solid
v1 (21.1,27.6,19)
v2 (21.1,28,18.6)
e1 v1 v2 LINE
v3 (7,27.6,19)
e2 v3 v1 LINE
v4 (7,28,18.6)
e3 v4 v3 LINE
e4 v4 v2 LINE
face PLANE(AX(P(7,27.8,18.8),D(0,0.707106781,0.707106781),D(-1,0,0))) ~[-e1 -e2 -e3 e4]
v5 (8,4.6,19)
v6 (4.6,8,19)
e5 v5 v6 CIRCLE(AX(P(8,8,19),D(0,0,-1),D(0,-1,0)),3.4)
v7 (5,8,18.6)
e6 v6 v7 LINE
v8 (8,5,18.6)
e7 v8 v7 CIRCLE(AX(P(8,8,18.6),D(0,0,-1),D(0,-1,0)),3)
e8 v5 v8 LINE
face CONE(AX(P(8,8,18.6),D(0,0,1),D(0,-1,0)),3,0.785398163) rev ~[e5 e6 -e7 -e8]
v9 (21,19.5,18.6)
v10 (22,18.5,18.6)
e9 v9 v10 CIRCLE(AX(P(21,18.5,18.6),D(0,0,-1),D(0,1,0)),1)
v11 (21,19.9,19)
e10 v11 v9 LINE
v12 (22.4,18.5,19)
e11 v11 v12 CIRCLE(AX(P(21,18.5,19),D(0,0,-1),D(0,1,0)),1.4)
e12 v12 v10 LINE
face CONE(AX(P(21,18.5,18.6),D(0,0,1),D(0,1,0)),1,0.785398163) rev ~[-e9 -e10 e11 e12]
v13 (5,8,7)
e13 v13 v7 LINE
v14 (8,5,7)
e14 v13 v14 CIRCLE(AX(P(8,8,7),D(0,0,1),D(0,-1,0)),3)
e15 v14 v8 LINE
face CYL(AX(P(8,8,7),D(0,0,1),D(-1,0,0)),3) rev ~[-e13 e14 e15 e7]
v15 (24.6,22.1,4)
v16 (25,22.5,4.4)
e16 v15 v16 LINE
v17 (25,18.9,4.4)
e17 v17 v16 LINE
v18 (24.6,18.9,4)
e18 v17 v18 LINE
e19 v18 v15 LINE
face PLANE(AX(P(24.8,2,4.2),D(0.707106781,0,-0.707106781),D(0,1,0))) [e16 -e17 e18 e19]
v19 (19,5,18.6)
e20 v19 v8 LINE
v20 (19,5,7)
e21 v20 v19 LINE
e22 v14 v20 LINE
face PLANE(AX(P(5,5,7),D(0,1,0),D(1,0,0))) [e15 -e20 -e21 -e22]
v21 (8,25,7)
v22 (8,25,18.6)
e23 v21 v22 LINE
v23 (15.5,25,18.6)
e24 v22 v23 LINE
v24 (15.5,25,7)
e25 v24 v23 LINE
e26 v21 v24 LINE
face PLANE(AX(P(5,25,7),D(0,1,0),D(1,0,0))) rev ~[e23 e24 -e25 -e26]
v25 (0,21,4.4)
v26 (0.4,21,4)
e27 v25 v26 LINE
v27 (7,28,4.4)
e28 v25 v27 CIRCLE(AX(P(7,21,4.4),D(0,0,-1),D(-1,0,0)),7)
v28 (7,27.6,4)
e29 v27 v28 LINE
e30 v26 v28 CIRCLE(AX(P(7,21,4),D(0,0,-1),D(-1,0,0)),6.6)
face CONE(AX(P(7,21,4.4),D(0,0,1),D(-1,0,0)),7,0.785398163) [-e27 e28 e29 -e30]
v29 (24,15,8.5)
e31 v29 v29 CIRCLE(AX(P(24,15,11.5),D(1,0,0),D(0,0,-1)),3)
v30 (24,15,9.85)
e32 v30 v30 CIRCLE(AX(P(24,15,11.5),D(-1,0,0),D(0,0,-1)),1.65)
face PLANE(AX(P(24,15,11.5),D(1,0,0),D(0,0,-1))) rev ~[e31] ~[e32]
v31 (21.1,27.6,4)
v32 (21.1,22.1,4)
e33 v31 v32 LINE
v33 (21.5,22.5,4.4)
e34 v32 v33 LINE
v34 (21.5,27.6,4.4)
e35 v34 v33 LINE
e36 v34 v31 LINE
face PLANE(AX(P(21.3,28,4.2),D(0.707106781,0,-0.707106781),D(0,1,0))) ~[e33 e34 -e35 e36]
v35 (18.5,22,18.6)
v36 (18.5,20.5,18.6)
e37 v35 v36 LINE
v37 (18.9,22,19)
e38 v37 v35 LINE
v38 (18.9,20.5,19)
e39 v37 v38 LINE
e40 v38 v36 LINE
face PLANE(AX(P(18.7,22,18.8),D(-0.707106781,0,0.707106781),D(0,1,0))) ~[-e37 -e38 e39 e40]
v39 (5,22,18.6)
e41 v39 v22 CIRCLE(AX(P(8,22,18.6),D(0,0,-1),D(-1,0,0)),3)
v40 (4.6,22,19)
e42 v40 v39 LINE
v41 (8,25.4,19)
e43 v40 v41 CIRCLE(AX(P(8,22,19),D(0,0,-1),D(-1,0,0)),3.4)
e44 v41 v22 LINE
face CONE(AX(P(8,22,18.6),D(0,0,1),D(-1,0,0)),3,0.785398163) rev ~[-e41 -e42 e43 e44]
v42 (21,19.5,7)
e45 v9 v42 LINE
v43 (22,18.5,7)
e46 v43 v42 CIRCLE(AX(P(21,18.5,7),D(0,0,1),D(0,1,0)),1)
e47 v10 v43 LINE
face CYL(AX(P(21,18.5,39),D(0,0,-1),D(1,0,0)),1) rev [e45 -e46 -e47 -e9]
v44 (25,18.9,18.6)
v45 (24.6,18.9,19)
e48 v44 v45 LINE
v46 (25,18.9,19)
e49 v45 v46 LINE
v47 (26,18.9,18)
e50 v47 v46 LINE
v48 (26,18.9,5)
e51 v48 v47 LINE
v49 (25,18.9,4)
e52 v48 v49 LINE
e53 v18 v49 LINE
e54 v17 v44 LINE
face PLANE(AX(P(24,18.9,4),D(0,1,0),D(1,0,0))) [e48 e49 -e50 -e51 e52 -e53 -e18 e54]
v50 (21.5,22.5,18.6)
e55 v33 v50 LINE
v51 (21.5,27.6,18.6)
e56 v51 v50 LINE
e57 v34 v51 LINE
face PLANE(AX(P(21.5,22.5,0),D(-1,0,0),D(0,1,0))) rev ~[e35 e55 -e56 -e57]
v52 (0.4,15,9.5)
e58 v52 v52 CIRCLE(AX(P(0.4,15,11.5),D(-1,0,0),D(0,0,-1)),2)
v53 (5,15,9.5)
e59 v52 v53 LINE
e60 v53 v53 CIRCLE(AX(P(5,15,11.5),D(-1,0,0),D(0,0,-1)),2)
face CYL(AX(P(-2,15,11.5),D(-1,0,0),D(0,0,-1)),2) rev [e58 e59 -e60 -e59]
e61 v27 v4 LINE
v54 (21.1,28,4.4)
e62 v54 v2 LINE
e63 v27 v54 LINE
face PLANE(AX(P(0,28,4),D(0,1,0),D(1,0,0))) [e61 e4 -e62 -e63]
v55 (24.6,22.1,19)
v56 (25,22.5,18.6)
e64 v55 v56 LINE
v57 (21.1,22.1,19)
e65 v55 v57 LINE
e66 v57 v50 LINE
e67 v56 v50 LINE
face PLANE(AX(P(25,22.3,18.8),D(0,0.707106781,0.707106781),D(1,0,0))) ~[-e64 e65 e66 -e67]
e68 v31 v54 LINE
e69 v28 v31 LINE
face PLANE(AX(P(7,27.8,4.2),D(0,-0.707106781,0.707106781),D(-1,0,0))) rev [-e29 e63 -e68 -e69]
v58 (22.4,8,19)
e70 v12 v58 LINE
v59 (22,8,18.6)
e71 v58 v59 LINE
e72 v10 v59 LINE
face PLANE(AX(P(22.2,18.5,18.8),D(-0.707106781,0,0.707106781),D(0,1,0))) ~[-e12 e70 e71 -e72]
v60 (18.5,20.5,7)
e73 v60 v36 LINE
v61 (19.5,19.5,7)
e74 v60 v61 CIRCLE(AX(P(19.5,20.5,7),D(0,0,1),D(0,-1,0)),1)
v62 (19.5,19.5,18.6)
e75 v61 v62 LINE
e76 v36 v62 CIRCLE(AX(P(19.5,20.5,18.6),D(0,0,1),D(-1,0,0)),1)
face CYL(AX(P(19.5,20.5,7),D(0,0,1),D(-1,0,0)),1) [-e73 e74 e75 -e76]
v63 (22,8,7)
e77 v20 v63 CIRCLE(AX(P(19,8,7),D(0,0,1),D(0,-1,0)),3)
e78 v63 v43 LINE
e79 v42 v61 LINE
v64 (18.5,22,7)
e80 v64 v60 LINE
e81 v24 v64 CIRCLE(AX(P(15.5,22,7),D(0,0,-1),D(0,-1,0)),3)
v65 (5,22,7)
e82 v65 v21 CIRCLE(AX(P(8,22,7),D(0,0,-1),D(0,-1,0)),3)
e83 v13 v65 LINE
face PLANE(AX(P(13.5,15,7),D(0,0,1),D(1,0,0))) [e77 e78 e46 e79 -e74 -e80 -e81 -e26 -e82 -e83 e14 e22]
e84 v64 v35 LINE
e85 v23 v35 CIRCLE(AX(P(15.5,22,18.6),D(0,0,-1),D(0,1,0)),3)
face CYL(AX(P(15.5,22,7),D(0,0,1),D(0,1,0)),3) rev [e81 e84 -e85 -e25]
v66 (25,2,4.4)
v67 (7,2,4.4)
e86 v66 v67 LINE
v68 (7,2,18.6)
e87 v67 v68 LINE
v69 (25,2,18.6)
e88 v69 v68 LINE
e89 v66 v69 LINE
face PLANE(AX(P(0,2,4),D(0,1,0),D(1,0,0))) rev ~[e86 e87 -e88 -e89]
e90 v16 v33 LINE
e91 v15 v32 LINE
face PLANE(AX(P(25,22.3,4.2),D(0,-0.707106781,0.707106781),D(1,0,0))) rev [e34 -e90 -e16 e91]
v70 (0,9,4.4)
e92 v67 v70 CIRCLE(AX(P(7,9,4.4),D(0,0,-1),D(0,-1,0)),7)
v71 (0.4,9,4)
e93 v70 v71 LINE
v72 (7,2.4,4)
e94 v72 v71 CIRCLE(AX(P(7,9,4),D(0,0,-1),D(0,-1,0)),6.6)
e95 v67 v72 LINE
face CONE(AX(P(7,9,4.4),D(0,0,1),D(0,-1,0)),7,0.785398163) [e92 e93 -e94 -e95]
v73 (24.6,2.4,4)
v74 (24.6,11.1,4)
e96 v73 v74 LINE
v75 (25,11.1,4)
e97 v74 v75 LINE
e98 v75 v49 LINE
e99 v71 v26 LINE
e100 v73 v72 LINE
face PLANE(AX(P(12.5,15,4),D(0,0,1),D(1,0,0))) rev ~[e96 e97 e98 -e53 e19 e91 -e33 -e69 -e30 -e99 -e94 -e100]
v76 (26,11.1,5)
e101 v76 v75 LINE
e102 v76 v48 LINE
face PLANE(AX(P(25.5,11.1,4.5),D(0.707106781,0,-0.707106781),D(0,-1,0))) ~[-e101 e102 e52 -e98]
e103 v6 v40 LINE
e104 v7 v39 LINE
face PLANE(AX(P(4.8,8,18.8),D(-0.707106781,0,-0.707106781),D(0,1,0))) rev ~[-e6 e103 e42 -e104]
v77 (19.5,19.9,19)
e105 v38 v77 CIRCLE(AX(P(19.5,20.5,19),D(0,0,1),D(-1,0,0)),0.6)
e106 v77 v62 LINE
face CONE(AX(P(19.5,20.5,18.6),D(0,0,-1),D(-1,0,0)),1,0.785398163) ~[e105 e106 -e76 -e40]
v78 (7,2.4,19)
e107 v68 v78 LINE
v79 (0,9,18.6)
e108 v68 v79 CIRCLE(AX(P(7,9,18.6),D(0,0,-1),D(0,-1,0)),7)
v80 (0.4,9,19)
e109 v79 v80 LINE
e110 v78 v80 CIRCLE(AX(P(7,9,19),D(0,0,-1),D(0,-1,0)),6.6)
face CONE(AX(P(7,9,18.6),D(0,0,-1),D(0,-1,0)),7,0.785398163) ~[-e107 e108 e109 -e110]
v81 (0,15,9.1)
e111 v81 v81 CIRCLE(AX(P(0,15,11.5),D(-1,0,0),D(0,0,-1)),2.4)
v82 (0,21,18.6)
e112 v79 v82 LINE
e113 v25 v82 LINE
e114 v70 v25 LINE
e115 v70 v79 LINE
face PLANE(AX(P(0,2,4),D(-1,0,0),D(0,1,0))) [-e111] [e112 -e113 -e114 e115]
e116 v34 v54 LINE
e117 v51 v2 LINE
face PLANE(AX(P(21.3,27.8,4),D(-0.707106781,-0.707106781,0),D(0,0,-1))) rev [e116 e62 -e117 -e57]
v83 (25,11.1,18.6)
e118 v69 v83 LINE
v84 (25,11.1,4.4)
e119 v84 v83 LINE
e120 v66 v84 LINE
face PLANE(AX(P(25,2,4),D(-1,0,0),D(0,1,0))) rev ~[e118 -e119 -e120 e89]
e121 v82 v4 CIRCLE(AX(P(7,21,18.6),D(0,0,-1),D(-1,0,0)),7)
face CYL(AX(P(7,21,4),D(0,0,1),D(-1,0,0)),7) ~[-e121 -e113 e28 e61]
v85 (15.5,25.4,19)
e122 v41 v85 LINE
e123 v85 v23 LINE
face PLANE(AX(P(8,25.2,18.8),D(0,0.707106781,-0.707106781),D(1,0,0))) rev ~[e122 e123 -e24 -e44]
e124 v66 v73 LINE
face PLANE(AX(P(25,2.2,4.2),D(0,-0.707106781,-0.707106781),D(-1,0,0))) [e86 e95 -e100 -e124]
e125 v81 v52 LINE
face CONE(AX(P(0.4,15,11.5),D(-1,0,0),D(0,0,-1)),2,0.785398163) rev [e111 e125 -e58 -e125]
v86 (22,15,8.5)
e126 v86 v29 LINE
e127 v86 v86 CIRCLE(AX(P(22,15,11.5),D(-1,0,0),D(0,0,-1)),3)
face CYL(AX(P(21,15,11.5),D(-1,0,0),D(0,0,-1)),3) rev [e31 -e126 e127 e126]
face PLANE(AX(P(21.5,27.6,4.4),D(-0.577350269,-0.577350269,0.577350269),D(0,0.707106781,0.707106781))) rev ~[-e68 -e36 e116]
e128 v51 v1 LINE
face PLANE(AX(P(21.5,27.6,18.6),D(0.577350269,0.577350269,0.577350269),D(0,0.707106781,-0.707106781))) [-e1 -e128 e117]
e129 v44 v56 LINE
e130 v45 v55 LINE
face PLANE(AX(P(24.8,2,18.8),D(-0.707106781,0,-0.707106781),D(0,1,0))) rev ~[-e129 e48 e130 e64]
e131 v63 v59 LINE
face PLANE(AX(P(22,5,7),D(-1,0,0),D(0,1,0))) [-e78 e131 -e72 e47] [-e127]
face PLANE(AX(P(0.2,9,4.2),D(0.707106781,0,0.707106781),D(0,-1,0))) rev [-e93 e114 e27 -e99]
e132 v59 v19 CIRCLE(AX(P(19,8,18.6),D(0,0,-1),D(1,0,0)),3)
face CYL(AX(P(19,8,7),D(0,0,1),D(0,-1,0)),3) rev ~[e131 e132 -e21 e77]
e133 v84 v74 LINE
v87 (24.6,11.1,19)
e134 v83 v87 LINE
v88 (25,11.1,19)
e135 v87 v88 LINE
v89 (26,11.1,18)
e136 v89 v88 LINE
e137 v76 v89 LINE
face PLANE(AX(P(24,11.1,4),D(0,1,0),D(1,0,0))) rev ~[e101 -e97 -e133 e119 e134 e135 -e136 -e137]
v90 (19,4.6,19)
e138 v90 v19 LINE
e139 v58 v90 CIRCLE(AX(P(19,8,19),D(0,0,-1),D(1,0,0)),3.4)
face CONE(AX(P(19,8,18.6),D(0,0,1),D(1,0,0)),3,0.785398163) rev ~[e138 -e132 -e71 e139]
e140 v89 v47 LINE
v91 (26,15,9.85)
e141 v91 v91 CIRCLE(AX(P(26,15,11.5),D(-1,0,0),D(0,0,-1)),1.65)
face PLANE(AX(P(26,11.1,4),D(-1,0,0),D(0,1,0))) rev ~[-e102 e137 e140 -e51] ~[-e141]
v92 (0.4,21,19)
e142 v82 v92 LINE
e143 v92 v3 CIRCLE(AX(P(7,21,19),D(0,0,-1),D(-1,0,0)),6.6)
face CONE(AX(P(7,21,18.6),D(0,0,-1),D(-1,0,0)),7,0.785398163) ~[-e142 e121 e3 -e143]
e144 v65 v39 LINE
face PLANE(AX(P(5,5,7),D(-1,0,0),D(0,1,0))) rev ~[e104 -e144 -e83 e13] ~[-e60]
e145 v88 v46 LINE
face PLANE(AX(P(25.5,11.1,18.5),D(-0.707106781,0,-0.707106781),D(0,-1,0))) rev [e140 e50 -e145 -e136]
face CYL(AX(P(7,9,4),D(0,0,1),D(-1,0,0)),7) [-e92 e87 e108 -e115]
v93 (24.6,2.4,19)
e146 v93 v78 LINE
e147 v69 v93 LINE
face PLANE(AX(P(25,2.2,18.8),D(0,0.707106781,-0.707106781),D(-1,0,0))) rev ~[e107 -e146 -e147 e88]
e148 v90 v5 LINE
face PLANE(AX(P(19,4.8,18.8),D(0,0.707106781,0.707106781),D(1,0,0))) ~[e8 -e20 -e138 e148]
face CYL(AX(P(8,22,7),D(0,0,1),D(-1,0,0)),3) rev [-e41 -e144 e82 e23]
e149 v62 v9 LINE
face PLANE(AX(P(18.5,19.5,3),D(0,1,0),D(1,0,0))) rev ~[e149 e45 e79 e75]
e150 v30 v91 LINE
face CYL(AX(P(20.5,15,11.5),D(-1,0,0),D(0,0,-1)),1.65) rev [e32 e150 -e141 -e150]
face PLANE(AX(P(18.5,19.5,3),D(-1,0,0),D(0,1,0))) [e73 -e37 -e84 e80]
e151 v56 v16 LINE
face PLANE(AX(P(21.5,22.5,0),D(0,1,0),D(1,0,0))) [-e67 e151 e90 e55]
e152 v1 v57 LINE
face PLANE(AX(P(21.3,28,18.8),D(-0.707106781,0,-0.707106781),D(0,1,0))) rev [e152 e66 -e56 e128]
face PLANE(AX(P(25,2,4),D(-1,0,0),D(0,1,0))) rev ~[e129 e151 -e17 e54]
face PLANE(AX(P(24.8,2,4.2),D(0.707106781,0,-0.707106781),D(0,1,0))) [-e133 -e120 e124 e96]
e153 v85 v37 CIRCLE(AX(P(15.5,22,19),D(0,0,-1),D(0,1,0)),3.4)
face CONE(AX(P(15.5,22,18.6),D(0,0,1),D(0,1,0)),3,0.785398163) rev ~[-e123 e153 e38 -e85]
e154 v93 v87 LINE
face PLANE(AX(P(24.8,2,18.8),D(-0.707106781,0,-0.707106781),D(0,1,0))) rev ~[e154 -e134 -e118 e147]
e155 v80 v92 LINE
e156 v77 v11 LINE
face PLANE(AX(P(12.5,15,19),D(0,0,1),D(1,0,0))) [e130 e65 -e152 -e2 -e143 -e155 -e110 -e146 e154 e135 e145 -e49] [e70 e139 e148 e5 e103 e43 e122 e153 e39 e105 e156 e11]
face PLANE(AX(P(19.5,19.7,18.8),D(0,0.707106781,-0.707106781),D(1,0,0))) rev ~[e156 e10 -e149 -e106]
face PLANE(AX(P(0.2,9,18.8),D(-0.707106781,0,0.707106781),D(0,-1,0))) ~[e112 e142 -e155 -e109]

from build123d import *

# Parameters (mm, degrees)
CYLINDER016027_R            = 3
CYLINDER016027_DEPTH        = 3
CYLINDER016026_R            = 1.65
CYLINDER016026_DEPTH        = 15
CYLINDER016025_R            = 2
CYLINDER016025_DEPTH        = 15
BOX031_W                    = 10
BOX031_H                    = 10
BOX031_DEPTH                = 42
BOX032_W                    = 10
BOX032_H                    = 10
BOX032_DEPTH                = 42
BOX029_W                    = 17
BOX029_H                    = 20
BOX029_DEPTH                = 32
FILLET007_R                 = 3
FILLET008_R                 = 1
BOX025_W                    = 25
BOX025_H                    = 26
BOX025_DEPTH                = 15
FILLET008003_R              = 7
CHAMFER016016008004014_SIZE = 0.4
BOX026_W                    = 2
BOX026_H                    = 7.8
BOX026_DEPTH                = 15
CHAMFER016016008004011_SIZE = 1
CHAMFER016016008004015_SIZE = 0.4


with BuildPart() as cylinder041:
    # Cylinder016027 → Cylinder016027 (new body)
    with BuildSketch(Plane(origin=(21, 15, 11.5), x_dir=(0, 0, -1), z_dir=(1, 0, 0))):
        Circle(CYLINDER016027_R)
    extrude(amount=CYLINDER016027_DEPTH)


with BuildPart() as cylinder040:
    # Cylinder016026 → Cylinder016026 (new body)
    with BuildSketch(Plane(origin=(20.5, 15, 11.5), x_dir=(0, 0, -1), z_dir=(1, 0, 0))):
        Circle(CYLINDER016026_R)
    extrude(amount=CYLINDER016026_DEPTH)


with BuildPart() as cylinder039:
    # Cylinder016025 → Cylinder016025 (new body)
    with BuildSketch(Plane(origin=(-2, 15, 11.5), x_dir=(0, 0, -1), z_dir=(1, 0, 0))):
        Circle(CYLINDER016025_R)
    extrude(amount=CYLINDER016025_DEPTH)


with BuildPart() as cube031:
    # Box031 → Box031 (new body)
    with BuildSketch(Plane(origin=(21.5, 22.5, 0), x_dir=(1, 0, 0), z_dir=(0, 0, 1))):
        with Locations((5, 5)):
            Rectangle(BOX031_W, BOX031_H)
    extrude(amount=BOX031_DEPTH)


with BuildPart() as cube032:
    # Box032 → Box032 (new body)
    with BuildSketch(Plane(origin=(18.5, 19.5, 0), x_dir=(1, 0, 0), z_dir=(0, 0, 1))):
        with Locations((5, 5)):
            Rectangle(BOX032_W, BOX032_H)
    extrude(amount=BOX032_DEPTH)


with BuildPart() as inner_cut:
    # Box029 → Box029 (new body)
    with BuildSketch(Plane(origin=(5, 5, 4), x_dir=(1, 0, 0), z_dir=(0, 0, 1))):
        with Locations((8.5, 10)):
            Rectangle(BOX029_W, BOX029_H)
    extrude(amount=BOX029_DEPTH)

    # Cut010011008009003005: cut Cube032
    add(cube032.part, mode=Mode.SUBTRACT)

    # Fillet007
    fillet007_edges = [inner_cut.edges().sort_by_distance(p)[0] for p in [
        (5, 5, 20),
        (5, 25, 20),
        (22, 5, 20),
        (18.5, 25, 20),
    ]]
    fillet(fillet007_edges, radius=FILLET007_R)

    # Fillet008
    fillet008_edges = [inner_cut.edges().sort_by_distance(p)[0] for p in [
        (18.5, 19.5, 20),
        (22, 19.5, 20),
    ]]
    fillet(fillet008_edges, radius=FILLET008_R)


with BuildPart() as inner_cut_1:
    # Fillet008 placement: moved
    add(inner_cut.part.moved(Location((0, 0, 3))))


with BuildPart() as chamfer016016008004014:
    # Box025 → Box025 (new body)
    with BuildSketch(Plane(origin=(0, 2, 4), x_dir=(1, 0, 0), z_dir=(0, 0, 1))):
        with Locations((12.5, 13)):
            Rectangle(BOX025_W, BOX025_H)
    extrude(amount=BOX025_DEPTH)

    # Cut010011008009003009: cut inner-cut
    add(inner_cut_1.part, mode=Mode.SUBTRACT)

    # Fillet008003
    fillet008003_edges = [chamfer016016008004014.edges().sort_by_distance(p)[0] for p in [
        (0, 2, 11.5),
        (0, 28, 11.5),
    ]]
    fillet(fillet008003_edges, radius=FILLET008003_R)

    # Cut010011008009003010: cut Cube031
    add(cube031.part, mode=Mode.SUBTRACT)

    # Chamfer016016008004014
    chamfer016016008004014_edges = [chamfer016016008004014.edges().sort_by_distance(p)[0] for p in [
        (0, 15, 19),
        (0, 15, 4),
        (2.050253, 25.949747, 19),
        (14.25, 28, 19),
        (21.5, 25.25, 19),
        (23.25, 22.5, 19),
        (25, 12.25, 19),
        (16, 2, 19),
        (2.050253, 4.050253, 19),
        (18.5, 21.25, 19),
        (18.792893, 19.792893, 19),
        (17.62132, 24.12132, 19),
        (20.25, 19.5, 19),
        (11.75, 25, 19),
        (21.707107, 19.207107, 19),
        (5.87868, 24.12132, 19),
        (22, 13.25, 19),
        (5, 15, 19),
        (21.12132, 5.87868, 19),
        (5.87868, 5.87868, 19),
        (13.5, 5, 19),
        (2.050253, 4.050253, 4),
        (2.050253, 25.949747, 4),
        (14.25, 28, 4),
        (21.5, 25.25, 4),
        (23.25, 22.5, 4),
        (25, 12.25, 4),
        (16, 2, 4),
        (21.5, 28, 11.5),
    ]]
    chamfer(chamfer016016008004014_edges, length=CHAMFER016016008004014_SIZE)


with BuildPart() as tweezer_holder_btm:
    # Box026 → Box026 (new body)
    with BuildSketch(Plane(origin=(24, 11.1, 4), x_dir=(1, 0, 0), z_dir=(0, 0, 1))):
        with Locations((1, 3.9)):
            Rectangle(BOX026_W, BOX026_H)
    extrude(amount=BOX026_DEPTH)

    # Chamfer016016008004011
    chamfer016016008004011_edges = [tweezer_holder_btm.edges().sort_by_distance(p)[0] for p in [
        (26, 15, 19),
        (26, 15, 4),
    ]]
    chamfer(chamfer016016008004011_edges, length=CHAMFER016016008004011_SIZE)

    # Fusion018007003006: union Chamfer016016008004014
    add(chamfer016016008004014.part)

    # Cut010011008009003011: cut Cylinder039
    add(cylinder039.part, mode=Mode.SUBTRACT)

    # Chamfer016016008004015
    chamfer016016008004015_edges = [tweezer_holder_btm.edges().sort_by_distance(p)[0] for p in [
        (0, 15, 13.5),
    ]]
    chamfer(chamfer016016008004015_edges, length=CHAMFER016016008004015_SIZE)

    # Cut010011008009003012: cut Cylinder040
    add(cylinder040.part, mode=Mode.SUBTRACT)

    # Cut010011008009003013: cut Cylinder041
    add(cylinder041.part, mode=Mode.SUBTRACT)


solid = tweezer_holder_btm.part
